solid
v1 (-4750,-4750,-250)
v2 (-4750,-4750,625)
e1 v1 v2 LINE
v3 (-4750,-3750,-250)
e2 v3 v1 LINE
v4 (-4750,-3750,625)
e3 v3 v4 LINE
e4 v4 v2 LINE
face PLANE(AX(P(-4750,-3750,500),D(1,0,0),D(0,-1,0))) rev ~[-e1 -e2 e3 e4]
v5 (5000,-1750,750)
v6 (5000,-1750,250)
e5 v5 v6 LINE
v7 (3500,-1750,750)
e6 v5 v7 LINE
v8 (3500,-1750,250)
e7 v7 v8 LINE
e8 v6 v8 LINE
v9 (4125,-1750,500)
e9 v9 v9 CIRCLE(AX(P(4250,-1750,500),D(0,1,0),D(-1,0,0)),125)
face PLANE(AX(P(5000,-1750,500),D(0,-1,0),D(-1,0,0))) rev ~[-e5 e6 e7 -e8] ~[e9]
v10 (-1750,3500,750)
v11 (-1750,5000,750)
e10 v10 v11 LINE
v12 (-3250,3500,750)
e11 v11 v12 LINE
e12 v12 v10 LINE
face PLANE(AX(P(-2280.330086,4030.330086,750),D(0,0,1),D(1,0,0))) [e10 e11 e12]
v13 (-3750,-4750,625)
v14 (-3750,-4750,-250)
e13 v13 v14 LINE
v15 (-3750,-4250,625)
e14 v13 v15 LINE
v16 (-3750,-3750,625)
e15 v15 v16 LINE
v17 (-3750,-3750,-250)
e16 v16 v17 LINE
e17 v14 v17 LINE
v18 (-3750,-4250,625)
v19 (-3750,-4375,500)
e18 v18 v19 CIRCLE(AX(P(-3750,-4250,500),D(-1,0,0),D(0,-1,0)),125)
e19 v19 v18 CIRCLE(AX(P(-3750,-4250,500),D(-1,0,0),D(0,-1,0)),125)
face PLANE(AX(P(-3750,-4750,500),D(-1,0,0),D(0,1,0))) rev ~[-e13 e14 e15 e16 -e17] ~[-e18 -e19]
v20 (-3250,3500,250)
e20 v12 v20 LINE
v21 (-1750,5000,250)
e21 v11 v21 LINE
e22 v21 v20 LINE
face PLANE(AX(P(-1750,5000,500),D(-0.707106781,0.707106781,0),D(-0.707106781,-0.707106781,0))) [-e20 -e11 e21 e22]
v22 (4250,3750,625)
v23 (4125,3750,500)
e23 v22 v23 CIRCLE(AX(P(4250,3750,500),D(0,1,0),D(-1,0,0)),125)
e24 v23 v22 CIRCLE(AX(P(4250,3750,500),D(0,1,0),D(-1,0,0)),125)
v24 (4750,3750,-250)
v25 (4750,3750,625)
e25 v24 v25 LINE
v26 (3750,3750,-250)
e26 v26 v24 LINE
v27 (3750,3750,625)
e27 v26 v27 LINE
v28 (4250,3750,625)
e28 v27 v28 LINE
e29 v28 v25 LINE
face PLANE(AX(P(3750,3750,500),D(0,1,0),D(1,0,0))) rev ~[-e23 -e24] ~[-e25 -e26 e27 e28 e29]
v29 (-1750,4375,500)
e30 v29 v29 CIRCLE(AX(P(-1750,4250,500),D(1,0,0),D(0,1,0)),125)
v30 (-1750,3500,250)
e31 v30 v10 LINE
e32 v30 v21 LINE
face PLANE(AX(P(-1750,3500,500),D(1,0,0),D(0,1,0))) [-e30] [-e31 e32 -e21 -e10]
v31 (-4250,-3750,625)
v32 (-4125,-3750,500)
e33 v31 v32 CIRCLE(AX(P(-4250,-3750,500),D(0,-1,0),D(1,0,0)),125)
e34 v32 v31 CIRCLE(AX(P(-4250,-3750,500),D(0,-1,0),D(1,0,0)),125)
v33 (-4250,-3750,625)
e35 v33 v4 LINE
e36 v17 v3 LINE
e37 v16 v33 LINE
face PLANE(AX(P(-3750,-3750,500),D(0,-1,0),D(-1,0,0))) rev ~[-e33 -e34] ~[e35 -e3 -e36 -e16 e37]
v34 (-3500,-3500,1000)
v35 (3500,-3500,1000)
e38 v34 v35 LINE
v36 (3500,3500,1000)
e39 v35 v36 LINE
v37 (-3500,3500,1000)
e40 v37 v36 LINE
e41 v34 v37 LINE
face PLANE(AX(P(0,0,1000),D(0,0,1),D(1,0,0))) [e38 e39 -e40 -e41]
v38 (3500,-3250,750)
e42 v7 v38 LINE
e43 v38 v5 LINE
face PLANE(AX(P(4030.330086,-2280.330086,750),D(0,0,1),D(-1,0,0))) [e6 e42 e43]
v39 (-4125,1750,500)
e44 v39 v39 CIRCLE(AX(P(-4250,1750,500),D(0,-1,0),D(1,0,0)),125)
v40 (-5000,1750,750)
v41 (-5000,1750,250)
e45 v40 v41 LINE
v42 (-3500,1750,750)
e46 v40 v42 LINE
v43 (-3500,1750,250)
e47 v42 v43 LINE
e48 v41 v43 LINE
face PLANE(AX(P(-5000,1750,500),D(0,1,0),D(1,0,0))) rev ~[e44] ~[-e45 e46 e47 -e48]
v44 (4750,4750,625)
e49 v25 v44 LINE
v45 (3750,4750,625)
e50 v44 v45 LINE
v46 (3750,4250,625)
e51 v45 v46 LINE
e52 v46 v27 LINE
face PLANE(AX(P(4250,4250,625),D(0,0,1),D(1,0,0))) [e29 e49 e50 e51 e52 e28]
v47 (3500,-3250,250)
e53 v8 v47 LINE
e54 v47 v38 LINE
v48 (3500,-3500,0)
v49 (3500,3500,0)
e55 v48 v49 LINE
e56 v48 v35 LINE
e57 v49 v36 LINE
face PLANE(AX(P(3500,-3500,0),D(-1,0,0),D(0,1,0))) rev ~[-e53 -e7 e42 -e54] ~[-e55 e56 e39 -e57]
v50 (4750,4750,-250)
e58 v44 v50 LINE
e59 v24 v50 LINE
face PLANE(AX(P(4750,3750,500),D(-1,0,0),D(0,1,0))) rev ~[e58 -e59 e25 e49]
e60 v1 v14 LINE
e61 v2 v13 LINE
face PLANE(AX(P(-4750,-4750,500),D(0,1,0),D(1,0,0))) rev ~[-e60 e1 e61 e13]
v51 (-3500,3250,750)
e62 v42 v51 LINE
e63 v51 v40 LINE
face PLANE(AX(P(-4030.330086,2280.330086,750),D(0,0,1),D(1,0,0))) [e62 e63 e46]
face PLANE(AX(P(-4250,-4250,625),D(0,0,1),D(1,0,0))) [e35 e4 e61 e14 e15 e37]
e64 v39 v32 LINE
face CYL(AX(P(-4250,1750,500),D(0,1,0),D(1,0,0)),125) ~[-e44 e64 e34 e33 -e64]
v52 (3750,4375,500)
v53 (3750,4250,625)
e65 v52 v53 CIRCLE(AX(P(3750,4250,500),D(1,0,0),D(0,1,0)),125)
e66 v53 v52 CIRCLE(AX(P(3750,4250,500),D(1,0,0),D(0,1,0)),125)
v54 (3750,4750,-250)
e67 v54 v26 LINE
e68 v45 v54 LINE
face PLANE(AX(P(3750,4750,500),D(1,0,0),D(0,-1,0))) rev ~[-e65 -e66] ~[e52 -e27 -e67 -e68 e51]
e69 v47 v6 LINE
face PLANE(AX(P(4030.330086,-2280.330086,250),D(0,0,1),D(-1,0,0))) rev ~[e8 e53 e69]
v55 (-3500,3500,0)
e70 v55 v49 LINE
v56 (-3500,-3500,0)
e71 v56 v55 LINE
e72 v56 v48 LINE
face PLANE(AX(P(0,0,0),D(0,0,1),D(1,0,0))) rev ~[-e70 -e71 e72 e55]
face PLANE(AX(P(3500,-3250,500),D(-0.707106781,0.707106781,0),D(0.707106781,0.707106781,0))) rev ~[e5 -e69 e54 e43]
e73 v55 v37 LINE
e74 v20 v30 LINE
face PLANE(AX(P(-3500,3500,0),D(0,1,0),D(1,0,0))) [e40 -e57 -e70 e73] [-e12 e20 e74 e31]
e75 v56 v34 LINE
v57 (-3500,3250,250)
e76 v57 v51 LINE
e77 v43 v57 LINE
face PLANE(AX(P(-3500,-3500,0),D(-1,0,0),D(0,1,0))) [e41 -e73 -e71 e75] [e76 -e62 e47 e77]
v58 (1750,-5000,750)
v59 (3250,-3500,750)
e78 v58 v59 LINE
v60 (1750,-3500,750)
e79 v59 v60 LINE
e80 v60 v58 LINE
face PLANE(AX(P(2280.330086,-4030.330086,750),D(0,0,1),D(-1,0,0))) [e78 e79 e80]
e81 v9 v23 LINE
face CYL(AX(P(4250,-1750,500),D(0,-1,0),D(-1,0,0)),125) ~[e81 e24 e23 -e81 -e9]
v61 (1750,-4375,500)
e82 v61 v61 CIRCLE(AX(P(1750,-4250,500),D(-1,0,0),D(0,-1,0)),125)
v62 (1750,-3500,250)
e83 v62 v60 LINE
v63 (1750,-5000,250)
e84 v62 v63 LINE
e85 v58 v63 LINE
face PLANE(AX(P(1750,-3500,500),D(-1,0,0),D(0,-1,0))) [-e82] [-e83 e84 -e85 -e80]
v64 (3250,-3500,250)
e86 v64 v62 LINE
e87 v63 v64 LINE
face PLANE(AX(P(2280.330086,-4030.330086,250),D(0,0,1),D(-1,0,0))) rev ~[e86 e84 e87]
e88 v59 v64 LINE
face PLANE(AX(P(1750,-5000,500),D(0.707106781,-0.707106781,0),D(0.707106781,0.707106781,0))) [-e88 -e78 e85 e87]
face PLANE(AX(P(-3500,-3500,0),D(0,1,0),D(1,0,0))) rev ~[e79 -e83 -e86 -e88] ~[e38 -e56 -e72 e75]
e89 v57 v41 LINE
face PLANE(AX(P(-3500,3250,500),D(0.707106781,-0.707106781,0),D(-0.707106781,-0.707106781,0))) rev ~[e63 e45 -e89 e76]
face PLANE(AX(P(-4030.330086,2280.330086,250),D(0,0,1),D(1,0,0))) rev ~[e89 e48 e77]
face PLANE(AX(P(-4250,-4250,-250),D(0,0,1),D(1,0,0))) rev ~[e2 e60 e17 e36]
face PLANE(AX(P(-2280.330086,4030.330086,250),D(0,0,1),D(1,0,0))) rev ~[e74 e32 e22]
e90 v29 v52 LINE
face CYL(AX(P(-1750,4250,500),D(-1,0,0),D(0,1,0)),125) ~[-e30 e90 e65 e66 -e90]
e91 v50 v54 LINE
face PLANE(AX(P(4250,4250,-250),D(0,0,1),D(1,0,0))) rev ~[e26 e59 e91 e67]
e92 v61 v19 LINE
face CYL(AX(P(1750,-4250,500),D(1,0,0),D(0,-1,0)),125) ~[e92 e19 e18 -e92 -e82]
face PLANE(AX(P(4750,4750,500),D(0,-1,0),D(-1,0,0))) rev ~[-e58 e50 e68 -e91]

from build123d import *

# Parameters (mm, degrees)
F0_W          = 7000
F0_H          = 7000
F1_DEPTH      = 1000
F4_DEPTH      = 250
F5_DEPTH      = 750
F5_DEPTH_BACK = 125
F6_R          = 125
F7_DEPTH      = 5500
F8_R          = 125
F9_DEPTH      = 5500
F12_COUNT     = 2


with BuildPart() as f1:
    # F0 (on Top) → F1 (new body)
    with BuildSketch(Plane.XY):
        Rectangle(F0_W, F0_H)
    extrude(amount=F1_DEPTH)

    # F3 (on offset) → F4 (join, symmetric)
    with BuildSketch(Plane.XY.offset(500)):
        Polygon((-4250, 1750), (-3500, 1750), (-3500, 3250), (-5000, 1750), align=None)
        Polygon((-3250, 3500), (-1750, 3500), (-1750, 4250), (-1750, 5000), align=None)
    extrude(amount=F4_DEPTH, both=True)



with BuildPart() as f5:
    # F3 (on offset) → F5 (new body, two sides)
    with BuildSketch(Plane.XY.offset(500)) as f5_sk:
        Polygon((-3750, -3750), (-4250, -3750), (-4750, -3750), (-4750, -4750), (-3750, -4750), align=None)
    extrude(amount=-F5_DEPTH)
    extrude(f5_sk.sketch, amount=F5_DEPTH_BACK)


with BuildPart() as f5b:
    # F3 (on offset) → F5, piece 2 (new body, two sides)
    with BuildSketch(Plane.XY.offset(500)) as f5_2_sk:
        Polygon((3750, 4750), (3750, 4250), (3750, 3750), (4750, 3750), (4750, 4750), align=None)
    extrude(amount=-F5_DEPTH)
    extrude(f5_2_sk.sketch, amount=F5_DEPTH_BACK)


with BuildPart() as f1_1:
    add(f1.part)

    add(f5.part)  # F7 merges F5
    # F6 (on face) → F7 (join, through all)
    with BuildSketch(Plane.XZ.offset(-1750)):
        with Locations((-4250, 500)):
            Circle(F6_R)
    extrude(amount=F7_DEPTH)


    add(f5b.part)  # F9 merges F5b
    # F8 (on face) → F9 (join, through all)
    with BuildSketch(Plane.YZ.offset(-1750)):
        with Locations((4250, 500)):
            Circle(F8_R)
    extrude(amount=F9_DEPTH)

    # F12: F1 ×2 about axis
    f12_axis = Axis((0, 0, 500), (0, 0, 1))


with BuildPart() as f1_2:
    add(f1_1.part)
    for i in range(1, F12_COUNT):
        add(f1_1.part.rotate(f12_axis, i * 360 / F12_COUNT))


solid = f1_2.part
